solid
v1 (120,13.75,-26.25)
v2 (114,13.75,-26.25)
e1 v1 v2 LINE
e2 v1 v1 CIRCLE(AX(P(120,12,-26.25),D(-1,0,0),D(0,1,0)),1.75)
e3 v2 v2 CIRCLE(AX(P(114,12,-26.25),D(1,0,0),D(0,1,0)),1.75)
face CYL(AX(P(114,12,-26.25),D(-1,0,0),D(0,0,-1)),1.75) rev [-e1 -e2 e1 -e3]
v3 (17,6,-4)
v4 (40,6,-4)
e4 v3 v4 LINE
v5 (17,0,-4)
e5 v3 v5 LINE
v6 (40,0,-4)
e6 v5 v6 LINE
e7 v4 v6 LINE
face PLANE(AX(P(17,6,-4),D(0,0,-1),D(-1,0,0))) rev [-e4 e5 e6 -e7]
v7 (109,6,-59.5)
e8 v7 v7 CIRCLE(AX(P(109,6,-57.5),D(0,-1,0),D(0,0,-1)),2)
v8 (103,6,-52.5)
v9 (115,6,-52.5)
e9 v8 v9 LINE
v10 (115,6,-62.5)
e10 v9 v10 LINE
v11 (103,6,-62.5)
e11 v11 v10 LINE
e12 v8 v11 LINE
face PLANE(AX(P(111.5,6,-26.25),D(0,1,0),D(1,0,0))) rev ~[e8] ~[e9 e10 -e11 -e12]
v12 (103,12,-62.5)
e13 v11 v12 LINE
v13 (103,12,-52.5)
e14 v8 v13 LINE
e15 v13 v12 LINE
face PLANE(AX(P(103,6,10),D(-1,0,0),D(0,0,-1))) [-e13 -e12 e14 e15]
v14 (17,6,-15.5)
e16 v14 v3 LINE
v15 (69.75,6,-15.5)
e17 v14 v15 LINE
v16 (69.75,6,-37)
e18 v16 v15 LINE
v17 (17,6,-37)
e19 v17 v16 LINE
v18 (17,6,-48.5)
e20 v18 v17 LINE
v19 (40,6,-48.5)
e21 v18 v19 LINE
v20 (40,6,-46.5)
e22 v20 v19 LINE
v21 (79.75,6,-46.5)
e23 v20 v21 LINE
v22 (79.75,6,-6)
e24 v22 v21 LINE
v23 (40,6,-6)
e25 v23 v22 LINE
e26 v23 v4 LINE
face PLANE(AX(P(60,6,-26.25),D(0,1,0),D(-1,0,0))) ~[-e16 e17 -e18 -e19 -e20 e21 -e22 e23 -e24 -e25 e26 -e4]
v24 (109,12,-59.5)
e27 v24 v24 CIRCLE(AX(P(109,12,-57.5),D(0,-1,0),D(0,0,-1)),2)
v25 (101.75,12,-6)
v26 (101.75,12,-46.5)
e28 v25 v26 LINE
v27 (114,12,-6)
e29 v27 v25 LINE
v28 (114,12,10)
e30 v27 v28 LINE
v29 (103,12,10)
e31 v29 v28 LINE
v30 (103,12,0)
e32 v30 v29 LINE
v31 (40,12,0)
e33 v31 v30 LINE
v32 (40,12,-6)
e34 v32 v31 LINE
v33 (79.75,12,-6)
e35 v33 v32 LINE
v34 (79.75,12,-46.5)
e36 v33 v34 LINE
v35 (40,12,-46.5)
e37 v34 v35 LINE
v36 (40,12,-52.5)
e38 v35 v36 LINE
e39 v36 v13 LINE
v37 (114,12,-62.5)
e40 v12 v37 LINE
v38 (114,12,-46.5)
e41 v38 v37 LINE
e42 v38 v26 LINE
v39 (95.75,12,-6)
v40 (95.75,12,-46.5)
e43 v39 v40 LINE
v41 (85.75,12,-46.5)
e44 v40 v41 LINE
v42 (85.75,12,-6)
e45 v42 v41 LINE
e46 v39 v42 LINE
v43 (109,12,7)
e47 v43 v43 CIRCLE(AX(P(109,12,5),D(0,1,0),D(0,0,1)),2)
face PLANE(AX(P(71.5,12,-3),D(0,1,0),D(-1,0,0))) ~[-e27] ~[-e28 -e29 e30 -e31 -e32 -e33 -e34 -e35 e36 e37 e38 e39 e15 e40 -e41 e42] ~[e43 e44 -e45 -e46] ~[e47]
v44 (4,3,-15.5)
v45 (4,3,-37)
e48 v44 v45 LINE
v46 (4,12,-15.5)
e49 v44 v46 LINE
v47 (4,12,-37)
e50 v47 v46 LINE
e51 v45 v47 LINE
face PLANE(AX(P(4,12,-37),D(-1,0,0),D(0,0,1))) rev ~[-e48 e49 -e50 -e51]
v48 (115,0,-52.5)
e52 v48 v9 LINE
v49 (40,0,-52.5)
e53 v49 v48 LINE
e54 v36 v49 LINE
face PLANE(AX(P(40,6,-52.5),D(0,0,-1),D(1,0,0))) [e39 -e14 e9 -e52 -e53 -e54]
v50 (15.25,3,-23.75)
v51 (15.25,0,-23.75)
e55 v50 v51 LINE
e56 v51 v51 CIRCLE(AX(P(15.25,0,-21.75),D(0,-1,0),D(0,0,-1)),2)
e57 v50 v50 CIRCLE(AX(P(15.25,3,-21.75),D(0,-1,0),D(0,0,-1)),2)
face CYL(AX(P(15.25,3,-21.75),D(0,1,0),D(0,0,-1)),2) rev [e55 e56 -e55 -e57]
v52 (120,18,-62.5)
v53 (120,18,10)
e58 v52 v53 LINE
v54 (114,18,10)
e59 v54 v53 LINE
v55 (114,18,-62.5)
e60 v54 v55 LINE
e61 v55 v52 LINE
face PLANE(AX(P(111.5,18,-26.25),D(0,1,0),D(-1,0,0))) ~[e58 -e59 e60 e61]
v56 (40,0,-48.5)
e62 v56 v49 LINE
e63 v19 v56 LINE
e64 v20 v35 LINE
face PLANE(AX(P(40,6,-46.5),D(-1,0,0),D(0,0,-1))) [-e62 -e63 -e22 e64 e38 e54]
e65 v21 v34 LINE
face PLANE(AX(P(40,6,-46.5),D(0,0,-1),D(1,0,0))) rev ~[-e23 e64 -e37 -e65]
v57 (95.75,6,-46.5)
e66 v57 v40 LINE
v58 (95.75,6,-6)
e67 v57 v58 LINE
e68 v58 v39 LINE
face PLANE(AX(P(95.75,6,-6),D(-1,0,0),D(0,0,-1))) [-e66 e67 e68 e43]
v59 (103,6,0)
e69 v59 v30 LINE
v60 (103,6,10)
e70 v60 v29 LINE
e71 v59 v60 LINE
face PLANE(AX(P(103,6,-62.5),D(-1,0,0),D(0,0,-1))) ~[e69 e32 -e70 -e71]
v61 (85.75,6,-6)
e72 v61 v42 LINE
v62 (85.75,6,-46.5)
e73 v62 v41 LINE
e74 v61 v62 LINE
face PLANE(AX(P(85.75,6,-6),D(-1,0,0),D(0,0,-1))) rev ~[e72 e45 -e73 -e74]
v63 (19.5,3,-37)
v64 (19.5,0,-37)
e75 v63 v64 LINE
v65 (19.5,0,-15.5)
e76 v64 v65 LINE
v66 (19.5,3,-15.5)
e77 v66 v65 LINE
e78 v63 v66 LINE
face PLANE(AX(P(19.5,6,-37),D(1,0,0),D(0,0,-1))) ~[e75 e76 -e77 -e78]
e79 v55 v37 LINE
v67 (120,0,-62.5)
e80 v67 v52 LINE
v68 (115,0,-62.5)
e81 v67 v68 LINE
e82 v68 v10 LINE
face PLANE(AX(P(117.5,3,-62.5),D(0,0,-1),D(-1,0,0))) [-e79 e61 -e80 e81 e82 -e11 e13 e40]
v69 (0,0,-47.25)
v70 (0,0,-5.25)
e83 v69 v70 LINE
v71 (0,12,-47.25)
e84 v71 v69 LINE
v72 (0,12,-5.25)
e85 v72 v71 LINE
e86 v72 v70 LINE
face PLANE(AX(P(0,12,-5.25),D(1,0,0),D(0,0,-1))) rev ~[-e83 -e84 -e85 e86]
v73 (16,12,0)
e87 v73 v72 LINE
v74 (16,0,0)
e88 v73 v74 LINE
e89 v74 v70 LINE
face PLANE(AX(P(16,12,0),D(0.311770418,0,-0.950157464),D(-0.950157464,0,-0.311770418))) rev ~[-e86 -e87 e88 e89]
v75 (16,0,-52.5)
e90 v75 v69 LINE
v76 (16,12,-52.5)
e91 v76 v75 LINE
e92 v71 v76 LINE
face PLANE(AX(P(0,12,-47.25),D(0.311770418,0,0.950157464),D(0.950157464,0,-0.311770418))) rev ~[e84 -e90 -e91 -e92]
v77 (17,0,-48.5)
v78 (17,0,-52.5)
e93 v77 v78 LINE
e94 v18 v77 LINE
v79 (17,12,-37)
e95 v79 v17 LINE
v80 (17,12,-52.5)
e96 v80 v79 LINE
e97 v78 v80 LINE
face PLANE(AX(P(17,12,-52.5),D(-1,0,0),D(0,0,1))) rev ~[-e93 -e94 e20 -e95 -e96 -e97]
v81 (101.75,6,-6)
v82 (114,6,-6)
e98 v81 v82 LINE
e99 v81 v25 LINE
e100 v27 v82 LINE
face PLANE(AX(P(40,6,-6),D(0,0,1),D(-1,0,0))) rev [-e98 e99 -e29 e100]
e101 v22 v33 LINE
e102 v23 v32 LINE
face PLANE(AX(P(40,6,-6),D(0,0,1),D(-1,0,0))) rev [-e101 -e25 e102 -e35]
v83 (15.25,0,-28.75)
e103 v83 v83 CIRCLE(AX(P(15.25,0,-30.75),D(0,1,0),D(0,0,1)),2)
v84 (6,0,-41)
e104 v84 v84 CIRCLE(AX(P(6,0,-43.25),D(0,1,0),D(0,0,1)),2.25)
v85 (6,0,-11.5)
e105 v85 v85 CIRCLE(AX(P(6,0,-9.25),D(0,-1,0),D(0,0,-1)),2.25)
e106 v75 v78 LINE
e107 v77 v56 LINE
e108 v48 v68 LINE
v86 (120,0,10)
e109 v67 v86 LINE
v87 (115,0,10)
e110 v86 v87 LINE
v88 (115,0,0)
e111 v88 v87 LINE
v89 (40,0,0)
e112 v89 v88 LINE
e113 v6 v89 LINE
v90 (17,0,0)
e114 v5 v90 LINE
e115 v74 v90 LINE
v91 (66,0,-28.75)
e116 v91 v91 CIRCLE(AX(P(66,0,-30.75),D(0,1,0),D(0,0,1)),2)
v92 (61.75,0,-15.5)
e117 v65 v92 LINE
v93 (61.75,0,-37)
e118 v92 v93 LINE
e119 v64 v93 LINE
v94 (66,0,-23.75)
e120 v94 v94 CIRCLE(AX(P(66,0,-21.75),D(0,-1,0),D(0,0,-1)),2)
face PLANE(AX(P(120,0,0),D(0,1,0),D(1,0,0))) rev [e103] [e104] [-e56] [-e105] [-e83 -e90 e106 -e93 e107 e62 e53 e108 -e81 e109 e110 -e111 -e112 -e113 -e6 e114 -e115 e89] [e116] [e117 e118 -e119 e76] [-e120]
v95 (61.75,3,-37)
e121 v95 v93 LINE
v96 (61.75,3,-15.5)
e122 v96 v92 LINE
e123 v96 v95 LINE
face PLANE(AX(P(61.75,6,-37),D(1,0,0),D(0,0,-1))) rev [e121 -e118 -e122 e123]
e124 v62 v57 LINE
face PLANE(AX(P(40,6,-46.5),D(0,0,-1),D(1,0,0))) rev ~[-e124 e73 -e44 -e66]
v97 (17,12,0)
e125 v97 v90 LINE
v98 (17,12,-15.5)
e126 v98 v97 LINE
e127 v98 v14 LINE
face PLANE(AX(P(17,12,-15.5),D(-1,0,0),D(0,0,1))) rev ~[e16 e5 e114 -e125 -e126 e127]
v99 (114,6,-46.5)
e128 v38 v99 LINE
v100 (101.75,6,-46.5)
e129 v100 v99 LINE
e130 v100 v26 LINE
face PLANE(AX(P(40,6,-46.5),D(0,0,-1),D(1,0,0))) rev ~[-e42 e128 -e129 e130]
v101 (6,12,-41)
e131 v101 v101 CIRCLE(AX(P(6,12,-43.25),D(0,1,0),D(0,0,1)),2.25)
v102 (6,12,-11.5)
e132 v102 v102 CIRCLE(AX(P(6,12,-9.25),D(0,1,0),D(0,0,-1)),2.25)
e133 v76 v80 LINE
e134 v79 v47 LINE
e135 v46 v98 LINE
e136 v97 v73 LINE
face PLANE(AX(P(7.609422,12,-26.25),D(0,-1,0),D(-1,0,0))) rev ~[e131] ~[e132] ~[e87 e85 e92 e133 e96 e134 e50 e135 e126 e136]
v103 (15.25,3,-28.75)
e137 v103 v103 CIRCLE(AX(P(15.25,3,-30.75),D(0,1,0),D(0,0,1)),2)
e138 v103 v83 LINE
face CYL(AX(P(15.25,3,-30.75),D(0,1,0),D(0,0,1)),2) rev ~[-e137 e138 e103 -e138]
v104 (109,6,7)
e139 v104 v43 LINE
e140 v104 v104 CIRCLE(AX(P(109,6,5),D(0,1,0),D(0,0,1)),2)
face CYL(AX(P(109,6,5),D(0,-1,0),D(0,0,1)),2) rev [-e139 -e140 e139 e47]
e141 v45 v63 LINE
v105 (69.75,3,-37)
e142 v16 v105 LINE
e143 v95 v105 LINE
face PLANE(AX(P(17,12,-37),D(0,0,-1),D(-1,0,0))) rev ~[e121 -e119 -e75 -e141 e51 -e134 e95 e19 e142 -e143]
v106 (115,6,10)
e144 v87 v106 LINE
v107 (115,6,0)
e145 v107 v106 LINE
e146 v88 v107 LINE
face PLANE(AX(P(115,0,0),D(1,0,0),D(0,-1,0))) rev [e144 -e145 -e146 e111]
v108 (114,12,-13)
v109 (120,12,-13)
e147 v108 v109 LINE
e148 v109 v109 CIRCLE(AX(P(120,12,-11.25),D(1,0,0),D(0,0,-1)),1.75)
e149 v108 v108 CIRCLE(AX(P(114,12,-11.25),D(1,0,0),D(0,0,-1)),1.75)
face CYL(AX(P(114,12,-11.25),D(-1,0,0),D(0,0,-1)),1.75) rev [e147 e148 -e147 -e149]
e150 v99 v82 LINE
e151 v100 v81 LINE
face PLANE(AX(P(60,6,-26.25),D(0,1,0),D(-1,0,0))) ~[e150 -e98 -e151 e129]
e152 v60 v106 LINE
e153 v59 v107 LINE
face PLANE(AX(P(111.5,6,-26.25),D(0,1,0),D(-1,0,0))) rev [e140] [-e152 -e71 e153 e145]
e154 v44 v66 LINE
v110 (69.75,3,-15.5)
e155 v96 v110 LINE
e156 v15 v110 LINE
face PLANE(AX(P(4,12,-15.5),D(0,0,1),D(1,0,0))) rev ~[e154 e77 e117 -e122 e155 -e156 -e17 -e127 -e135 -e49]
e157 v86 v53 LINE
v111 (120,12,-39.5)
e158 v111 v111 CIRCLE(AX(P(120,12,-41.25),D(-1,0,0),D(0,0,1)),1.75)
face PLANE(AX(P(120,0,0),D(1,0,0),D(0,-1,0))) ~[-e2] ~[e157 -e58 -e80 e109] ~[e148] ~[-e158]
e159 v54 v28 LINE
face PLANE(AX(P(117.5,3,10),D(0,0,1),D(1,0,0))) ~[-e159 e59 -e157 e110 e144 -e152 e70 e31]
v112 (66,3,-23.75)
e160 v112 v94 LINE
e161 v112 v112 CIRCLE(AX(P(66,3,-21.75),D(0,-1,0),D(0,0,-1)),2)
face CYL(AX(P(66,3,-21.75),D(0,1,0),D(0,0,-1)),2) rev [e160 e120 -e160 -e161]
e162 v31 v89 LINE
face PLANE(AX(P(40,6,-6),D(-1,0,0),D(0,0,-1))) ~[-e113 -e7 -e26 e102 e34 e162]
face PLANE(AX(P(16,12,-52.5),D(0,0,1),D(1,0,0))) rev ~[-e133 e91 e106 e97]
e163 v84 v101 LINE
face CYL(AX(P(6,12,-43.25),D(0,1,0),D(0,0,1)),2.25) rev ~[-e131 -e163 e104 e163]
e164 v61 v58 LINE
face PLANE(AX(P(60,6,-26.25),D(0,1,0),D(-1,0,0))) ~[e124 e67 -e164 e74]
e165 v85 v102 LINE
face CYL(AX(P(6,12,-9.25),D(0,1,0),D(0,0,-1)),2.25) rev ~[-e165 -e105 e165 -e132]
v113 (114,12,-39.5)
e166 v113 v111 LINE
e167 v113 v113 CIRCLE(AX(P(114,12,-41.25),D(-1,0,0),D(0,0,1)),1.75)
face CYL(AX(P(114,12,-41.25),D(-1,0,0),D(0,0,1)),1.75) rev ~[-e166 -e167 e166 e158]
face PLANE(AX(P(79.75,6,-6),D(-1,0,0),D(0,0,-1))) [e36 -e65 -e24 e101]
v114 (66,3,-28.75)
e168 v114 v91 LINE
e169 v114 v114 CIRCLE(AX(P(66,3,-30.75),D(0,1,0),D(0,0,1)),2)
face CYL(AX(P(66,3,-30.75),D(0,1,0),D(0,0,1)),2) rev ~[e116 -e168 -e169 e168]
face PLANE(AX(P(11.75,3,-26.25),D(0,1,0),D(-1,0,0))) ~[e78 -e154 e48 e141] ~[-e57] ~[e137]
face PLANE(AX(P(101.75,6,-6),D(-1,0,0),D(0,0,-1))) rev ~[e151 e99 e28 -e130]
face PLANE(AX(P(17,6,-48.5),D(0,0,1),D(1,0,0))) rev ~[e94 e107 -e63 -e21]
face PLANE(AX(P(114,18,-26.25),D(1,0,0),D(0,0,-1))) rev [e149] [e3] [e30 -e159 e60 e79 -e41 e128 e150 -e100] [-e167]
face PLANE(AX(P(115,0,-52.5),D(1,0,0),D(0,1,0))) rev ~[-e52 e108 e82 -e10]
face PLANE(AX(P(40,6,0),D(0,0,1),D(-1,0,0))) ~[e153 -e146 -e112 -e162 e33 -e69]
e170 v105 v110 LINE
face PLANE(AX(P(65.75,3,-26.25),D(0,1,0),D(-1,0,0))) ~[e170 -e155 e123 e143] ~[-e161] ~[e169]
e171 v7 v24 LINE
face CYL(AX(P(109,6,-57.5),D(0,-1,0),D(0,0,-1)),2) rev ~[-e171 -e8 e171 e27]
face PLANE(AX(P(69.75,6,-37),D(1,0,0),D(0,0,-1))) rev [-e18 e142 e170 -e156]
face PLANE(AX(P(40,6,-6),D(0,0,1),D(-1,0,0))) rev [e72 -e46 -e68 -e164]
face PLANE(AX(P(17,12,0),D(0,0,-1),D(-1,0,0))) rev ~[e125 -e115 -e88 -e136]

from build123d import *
from build123d.topology import SkipClean

# Parameters (mm, degrees)
SKETCH1_W           = 120
SKETCH1_H           = 52.5
BOSS_EXTRUDE1_DEPTH = 6
CUT_EXTRUDE1_DEPTH  = 6
SKETCH3_W           = 23
SKETCH3_H           = 4
CUT_EXTRUDE2_DEPTH  = 6
SKETCH4_W           = 42.25
SKETCH4_H           = 21.5
CUT_EXTRUDE3_DEPTH  = 6
SKETCH5_W           = 8
SKETCH5_H           = 21.5
SKETCH5_W_2         = 15.5
CUT_EXTRUDE4_DEPTH  = 3
SKETCH6_W           = 17
SKETCH6_H           = 72.5
BOSS_EXTRUDE2_DEPTH = 12
CUT_EXTRUDE6_DEPTH  = 136.831697332
SKETCH8_W           = 17
SKETCH8_H           = 36.25
CUT_EXTRUDE7_DEPTH  = 137.492673796
SKETCH9_W           = 65.75
SKETCH9_H           = 10.75
CUT_EXTRUDE8_DEPTH  = 6
SKETCH10_W          = 5
SKETCH10_H          = 6
BOSS_EXTRUDE3_DEPTH = 10
SKETCH14_R          = 2
CUT_EXTRUDE9_DEPTH  = 3
SKETCH15_R          = 2.25
CUT_EXTRUDE10_DEPTH = 136.831697332
SKETCH17_R          = 2
CUT_EXTRUDE11_DEPTH = 136.831697332
SKETCH18_W          = 11
SKETCH18_H          = 20.25
CUT_EXTRUDE12_DEPTH = 12
SKETCH19_R          = 1.75
CUT_EXTRUDE13_DEPTH = 132.248809518
SKETCH20_W          = 11
SKETCH20_H          = 16
CUT_EXTRUDE14_DEPTH = 6
SKETCH21_W          = 63
SKETCH21_H          = 6
BOSS_EXTRUDE6_DEPTH = 6
SKETCH22_W          = 6
SKETCH22_H          = 40.5
BOSS_EXTRUDE7_DEPTH = 6
BOSS_EXTRUDE8_START = 6
SKETCH24_R          = 2.25
BOSS_EXTRUDE8_DEPTH = 6


with BuildPart() as part:
    # Sketch1 → Boss-Extrude1 (new body)
    with BuildSketch(Plane(origin=(0, 0, 0), x_dir=(1, 0, 0), z_dir=(0, 1, 0))):
        with Locations((60, 26.25)):
            Rectangle(SKETCH1_W, SKETCH1_H)
    extrude(amount=BOSS_EXTRUDE1_DEPTH)

    # Sketch2 → Cut-Extrude1 (cut)
    with BuildSketch(Plane(origin=(0, 6, 0), x_dir=(1, 0, 0), z_dir=(0, 1, 0))):
        Polygon((0, 0), (16, 0), (0, 5.25), align=None)
        Polygon((0, 47.25), (0, 52.5), (16, 52.5), align=None)
    extrude(amount=-CUT_EXTRUDE1_DEPTH, mode=Mode.SUBTRACT)

    # Sketch3 → Cut-Extrude2 (cut)
    with BuildSketch(Plane(origin=(0, 6, 0), x_dir=(1, 0, 0), z_dir=(0, 1, 0))):
        with Locations((28.5, 2)):
            Rectangle(SKETCH3_W, SKETCH3_H)
        with Locations((28.5, 50.5)):
            Rectangle(SKETCH3_W, SKETCH3_H)
    extrude(amount=-CUT_EXTRUDE2_DEPTH, mode=Mode.SUBTRACT)

    # Sketch4 → Cut-Extrude3 (cut)
    with BuildSketch(Plane(origin=(0, 6, 0), x_dir=(1, 0, 0), z_dir=(0, 1, 0))):
        with Locations((40.625, 26.25)):
            Rectangle(SKETCH4_W, SKETCH4_H)
    extrude(amount=-CUT_EXTRUDE3_DEPTH, mode=Mode.SUBTRACT)

    # Sketch5 → Cut-Extrude4 (cut)
    with BuildSketch(Plane(origin=(0, 6, 0), x_dir=(1, 0, 0), z_dir=(0, 1, 0))):
        with Locations((65.75, 26.25)):
            Rectangle(SKETCH5_W, SKETCH5_H)
        with Locations((11.75, 26.25)):
            Rectangle(SKETCH5_W_2, SKETCH5_H)
    extrude(amount=-CUT_EXTRUDE4_DEPTH, mode=Mode.SUBTRACT)

    # Sketch6 → Boss-Extrude2 (add)
    with BuildSketch(Plane(origin=(0, 6, 0), x_dir=(1, 0, 0), z_dir=(0, 1, 0))):
        with Locations((111.5, 26.25)):
            Rectangle(SKETCH6_W, SKETCH6_H)
    extrude(amount=BOSS_EXTRUDE2_DEPTH)

    # Sketch7 → Cut-Extrude6 (cut, through all)
    with BuildSketch(Plane(origin=(0, 6, 0), x_dir=(1, 0, 0), z_dir=(0, 1, 0))):
        Polygon((103, 26.25), (69.75, 26.25), (69.75, 15.5), (4, 15.5), (4, 26.25), (0, 26.25), (0, 5.25), (16, 0), (17, 0), (17, 4), (40, 4), (40, 0), (103, 0), align=None)
    extrude(amount=-CUT_EXTRUDE6_DEPTH, mode=Mode.SUBTRACT)

    # Sketch8 → Cut-Extrude7 (cut, through all)
    with BuildSketch(Plane(origin=(0, 18, 0), x_dir=(1, 0, 0), z_dir=(0, 1, 0))):
        with Locations((111.5, 8.125)):
            Rectangle(SKETCH8_W, SKETCH8_H)
    extrude(amount=-CUT_EXTRUDE7_DEPTH, mode=Mode.SUBTRACT)

    # Sketch9 → Cut-Extrude8 (cut)
    with BuildSketch(Plane(origin=(0, 3, 0), x_dir=(1, 0, 0), z_dir=(0, 1, 0))):
        with Locations((36.875, 20.875)):
            Rectangle(SKETCH9_W, SKETCH9_H)
    extrude(amount=-CUT_EXTRUDE8_DEPTH, mode=Mode.SUBTRACT)

    # Sketch10 → Boss-Extrude3 (add)
    with BuildSketch(Plane(origin=(0, 0, -52.5), x_dir=(-1, 0, 0), z_dir=(0, 0, -1))):
        with Locations((-117.5, 3)):
            Rectangle(SKETCH10_W, SKETCH10_H)
    extrude(amount=BOSS_EXTRUDE3_DEPTH)

    # Sketch14 → Cut-Extrude9 (cut)
    with BuildSketch(Plane(origin=(0, 3, 0), x_dir=(1, 0, 0), z_dir=(0, 1, 0))):
        with Locations(Location((66, 30.75, 0), (0, 0, 270))):
            Circle(SKETCH14_R)
        with Locations(Location((15.25, 30.75, 0), (0, 0, 270))):
            Circle(SKETCH14_R)
    extrude(amount=-CUT_EXTRUDE9_DEPTH, mode=Mode.SUBTRACT)

    # Sketch15 → Cut-Extrude10 (cut, through all)
    with BuildSketch(Plane(origin=(0, 6, 0), x_dir=(1, 0, 0), z_dir=(0, 1, 0))):
        with Locations(Location((6, 43.25, 0), (0, 0, 270))):
            Circle(SKETCH15_R)
    extrude(amount=-CUT_EXTRUDE10_DEPTH, mode=Mode.SUBTRACT)

    # Sketch17 → Cut-Extrude11 (cut, through all)
    with BuildSketch(Plane.XZ.offset(-6)):
        with Locations(Location((109, -57.5, 0), (0, 0, 270))):
            Circle(SKETCH17_R)
    extrude(amount=-CUT_EXTRUDE11_DEPTH, mode=Mode.SUBTRACT)

    # Sketch18 → Cut-Extrude12 (cut)
    with BuildSketch(Plane(origin=(0, 18, 0), x_dir=(1, 0, 0), z_dir=(0, 1, 0))):
        with Locations((108.5, 36.375)):
            Rectangle(SKETCH18_W, SKETCH18_H)
    extrude(amount=-CUT_EXTRUDE12_DEPTH, mode=Mode.SUBTRACT)

    # Sketch19 → Cut-Extrude13 (cut, through all)
    with BuildSketch(Plane.ZY.offset(-114)):
        with Locations((-41.25, 12)):
            Circle(SKETCH19_R)
        with Locations((-26.25, 12)):
            Circle(SKETCH19_R)
    extrude(amount=-CUT_EXTRUDE13_DEPTH, mode=Mode.SUBTRACT)

    # Sketch20 → Cut-Extrude14 (cut)
    with BuildSketch(Plane(origin=(0, 18, 0), x_dir=(1, 0, 0), z_dir=(0, 1, 0))):
        with Locations((108.5, 54.5)):
            Rectangle(SKETCH20_W, SKETCH20_H)
    extrude(amount=-CUT_EXTRUDE14_DEPTH, mode=Mode.SUBTRACT)

    # Sketch21 → Boss-Extrude6 (add)
    with BuildSketch(Plane(origin=(0, 6, 0), x_dir=(1, 0, 0), z_dir=(0, 1, 0))):
        with Locations((71.5, 49.5)):
            Rectangle(SKETCH21_W, SKETCH21_H)
    extrude(amount=BOSS_EXTRUDE6_DEPTH)

    # Mirror1: part across plane


with BuildPart() as part_1:
    with SkipClean():  # the faces are left unmerged after this step: merging them gives an invalid solid
        add(part.part)
        add(part.part.mirror(Plane(origin=(103, -2.5e-05, -26.25), x_dir=(1, 0, 0), z_dir=(0, 0, -1))))

    # Sketch22 → Boss-Extrude7 (add)
    with SkipClean():  # the faces are left unmerged after this step: merging them gives an invalid solid
        with BuildSketch(Plane(origin=(0, 6, 0), x_dir=(1, 0, 0), z_dir=(0, 1, 0))):
            with Locations((82.75, 26.25)):
                Rectangle(SKETCH22_W, SKETCH22_H)
            with Locations((98.75, 26.25)):
                Rectangle(SKETCH22_W, SKETCH22_H)
        extrude(amount=BOSS_EXTRUDE7_DEPTH)

    # Sketch24 → Boss-Extrude8 (add)
    with BuildSketch(Plane(origin=(0, 6, 0), x_dir=(1, 0, 0), z_dir=(0, 1, 0)).offset(BOSS_EXTRUDE8_START)):
        Polygon((17, 15.5), (17, 0), (16, 0), (0, 5.25), (0, 47.25), (16, 52.5), (17, 52.5), (17, 37), (4, 37), (4, 15.5), align=None)
        with Locations(Location((6, 43.25, 0), (0, 0, 270))):
            Circle(SKETCH24_R, mode=Mode.SUBTRACT)
        with Locations(Location((6, 9.25, 0), (0, 0, 90))):
            Circle(SKETCH24_R, mode=Mode.SUBTRACT)
    extrude(amount=-BOSS_EXTRUDE8_DEPTH)


solid = part_1.part
